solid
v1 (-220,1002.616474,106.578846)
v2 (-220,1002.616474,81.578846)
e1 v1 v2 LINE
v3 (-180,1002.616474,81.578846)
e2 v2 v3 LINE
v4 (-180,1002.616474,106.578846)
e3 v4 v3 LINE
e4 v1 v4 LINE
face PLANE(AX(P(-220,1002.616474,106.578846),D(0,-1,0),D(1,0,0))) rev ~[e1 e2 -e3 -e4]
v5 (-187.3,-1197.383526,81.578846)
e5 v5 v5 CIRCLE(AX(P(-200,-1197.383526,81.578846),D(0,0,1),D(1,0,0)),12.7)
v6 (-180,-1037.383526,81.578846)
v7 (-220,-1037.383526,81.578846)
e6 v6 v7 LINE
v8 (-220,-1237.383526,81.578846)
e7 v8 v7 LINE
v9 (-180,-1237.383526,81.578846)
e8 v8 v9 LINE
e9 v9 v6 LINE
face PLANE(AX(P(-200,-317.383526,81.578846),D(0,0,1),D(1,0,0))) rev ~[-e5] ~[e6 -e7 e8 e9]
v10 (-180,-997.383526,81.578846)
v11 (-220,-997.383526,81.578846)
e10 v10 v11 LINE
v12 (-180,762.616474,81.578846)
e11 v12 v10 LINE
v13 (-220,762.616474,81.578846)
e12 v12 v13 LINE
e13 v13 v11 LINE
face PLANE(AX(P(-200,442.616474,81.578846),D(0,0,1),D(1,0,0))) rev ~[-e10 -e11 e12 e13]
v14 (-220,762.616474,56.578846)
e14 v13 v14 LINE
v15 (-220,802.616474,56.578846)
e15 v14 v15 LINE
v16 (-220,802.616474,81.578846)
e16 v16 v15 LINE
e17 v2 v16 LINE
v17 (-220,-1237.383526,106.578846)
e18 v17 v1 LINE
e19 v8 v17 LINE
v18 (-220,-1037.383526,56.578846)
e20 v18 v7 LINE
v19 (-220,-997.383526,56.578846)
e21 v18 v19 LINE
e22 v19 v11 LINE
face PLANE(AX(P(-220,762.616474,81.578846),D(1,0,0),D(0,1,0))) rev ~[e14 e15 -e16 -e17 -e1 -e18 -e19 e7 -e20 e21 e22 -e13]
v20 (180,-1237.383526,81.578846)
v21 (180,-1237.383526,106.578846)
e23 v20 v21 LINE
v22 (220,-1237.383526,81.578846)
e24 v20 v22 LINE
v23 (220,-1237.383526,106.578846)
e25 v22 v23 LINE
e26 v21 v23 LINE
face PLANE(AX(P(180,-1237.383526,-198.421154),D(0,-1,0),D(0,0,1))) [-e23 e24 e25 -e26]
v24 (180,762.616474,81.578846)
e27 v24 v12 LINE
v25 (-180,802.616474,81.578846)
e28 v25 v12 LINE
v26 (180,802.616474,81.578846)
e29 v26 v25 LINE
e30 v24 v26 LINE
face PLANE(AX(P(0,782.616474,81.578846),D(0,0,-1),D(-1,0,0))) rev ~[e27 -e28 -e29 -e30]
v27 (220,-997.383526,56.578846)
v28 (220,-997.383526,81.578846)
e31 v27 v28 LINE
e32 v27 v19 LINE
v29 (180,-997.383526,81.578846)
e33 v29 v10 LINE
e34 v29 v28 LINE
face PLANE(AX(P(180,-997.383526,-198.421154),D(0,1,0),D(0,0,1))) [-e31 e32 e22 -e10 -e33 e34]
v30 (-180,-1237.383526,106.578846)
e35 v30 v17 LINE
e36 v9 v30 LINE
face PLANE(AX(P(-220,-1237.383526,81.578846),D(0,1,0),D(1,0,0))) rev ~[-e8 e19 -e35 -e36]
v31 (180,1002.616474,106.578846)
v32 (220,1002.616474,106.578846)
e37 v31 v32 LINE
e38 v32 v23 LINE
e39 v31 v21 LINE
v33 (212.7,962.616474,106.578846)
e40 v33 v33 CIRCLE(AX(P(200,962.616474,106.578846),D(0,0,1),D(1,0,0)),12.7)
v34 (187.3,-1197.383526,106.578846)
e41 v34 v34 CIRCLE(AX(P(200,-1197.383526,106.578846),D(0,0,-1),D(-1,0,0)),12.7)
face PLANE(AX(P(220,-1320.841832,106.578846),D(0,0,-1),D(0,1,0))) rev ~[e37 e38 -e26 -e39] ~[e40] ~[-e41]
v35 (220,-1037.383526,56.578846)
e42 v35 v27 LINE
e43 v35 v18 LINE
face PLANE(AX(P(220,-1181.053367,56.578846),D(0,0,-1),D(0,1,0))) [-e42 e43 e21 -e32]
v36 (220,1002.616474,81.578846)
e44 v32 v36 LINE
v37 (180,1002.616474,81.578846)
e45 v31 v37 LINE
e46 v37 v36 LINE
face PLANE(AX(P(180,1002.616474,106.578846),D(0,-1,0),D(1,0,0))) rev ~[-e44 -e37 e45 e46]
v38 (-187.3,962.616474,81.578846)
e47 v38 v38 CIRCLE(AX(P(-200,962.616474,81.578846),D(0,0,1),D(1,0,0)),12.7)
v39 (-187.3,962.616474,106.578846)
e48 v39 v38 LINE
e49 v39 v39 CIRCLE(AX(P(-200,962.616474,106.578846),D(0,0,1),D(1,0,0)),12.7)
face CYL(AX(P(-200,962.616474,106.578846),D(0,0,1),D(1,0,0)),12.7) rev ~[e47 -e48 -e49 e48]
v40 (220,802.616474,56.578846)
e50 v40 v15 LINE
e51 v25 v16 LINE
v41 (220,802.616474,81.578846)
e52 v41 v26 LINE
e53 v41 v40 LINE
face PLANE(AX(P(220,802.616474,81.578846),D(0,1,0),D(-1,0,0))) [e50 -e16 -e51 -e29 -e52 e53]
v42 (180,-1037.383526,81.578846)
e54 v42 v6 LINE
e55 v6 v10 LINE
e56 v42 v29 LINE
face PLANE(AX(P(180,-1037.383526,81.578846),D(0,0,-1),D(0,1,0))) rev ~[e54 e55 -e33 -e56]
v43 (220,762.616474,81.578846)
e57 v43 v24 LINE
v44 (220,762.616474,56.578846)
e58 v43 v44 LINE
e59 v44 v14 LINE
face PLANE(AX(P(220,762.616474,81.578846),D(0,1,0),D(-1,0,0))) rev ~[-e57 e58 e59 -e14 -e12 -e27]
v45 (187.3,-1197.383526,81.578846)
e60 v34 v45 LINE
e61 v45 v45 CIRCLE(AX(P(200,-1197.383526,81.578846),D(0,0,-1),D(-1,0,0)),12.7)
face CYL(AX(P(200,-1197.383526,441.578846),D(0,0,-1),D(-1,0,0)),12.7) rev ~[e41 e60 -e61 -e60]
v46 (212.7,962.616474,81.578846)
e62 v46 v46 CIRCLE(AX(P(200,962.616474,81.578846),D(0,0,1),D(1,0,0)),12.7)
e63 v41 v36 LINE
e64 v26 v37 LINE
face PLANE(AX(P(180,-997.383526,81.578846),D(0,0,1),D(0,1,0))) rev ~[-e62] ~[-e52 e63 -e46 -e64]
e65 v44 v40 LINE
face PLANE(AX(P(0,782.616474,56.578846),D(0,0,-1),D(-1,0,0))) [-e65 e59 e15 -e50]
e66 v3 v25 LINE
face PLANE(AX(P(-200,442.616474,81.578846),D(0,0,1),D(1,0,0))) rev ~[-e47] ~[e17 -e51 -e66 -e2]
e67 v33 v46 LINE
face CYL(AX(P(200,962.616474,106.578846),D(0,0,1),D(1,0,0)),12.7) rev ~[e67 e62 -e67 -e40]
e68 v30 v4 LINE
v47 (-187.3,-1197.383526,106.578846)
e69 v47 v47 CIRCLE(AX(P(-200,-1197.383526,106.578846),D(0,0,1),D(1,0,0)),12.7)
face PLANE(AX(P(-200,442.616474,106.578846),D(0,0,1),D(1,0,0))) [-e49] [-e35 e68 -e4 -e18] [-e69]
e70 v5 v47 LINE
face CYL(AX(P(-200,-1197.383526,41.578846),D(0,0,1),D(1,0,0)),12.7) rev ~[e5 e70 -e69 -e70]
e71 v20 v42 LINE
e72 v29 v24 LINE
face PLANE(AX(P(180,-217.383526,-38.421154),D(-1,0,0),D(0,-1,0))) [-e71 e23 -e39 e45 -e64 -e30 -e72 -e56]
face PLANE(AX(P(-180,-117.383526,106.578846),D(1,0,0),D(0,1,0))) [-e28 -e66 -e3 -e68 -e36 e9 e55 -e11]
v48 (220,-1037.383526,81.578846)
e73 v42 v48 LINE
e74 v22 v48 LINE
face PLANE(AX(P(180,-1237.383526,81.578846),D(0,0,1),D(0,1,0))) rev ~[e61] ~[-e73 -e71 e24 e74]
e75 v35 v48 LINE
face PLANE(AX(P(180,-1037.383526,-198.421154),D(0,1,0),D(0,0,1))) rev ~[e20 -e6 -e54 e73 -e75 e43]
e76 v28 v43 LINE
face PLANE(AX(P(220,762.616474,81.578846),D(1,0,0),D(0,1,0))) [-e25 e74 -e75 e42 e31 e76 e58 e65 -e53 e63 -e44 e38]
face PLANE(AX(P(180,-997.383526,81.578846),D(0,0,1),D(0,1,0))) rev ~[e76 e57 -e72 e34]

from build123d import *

# Parameters (mm, degrees)
SKETCH1_W            = 510
SKETCH1_H            = 80
BOSS_EXTRUDE1_DEPTH  = 10
SKETCH2_W            = 70
SKETCH2_H            = 390
CUT_EXTRUDE1_DEPTH   = 11
SKETCH3_W            = 70
SKETCH3_H            = 50
CUT_EXTRUDE2_DEPTH   = 11
SKETCH4_W            = 70
SKETCH4_H            = 10
BOSS_EXTRUDE2_DEPTH  = 100
SKETCH5_W            = 70
SKETCH5_H            = 50
CUT_EXTRUDE3_DEPTH   = 11
SKETCH6_W            = 70
SKETCH6_H            = 10
BOSS_EXTRUDE3_DEPTH  = 100
SKETCH7_W            = 10
SKETCH7_H            = 460
BOSS_EXTRUDE4_DEPTH  = 10
SKETCH8_W            = 10
SKETCH8_H            = 10
BOSS_EXTRUDE5_DEPTH  = 50
SKETCH9_W            = 90
SKETCH9_H            = 60
CUT_EXTRUDE4_DEPTH   = 61
SKETCH10_W           = 90
SKETCH10_H           = 60
CUT_EXTRUDE5_DEPTH   = 61
HOLE1_D              = 6.35
HOLE1_DEPTH          = 10
HOLE2_D              = 6.35
HOLE2_DEPTH          = 80
SCALE1_SCALE         = 4
SKETCH16_W           = 420.354500644
SKETCH16_H           = 2047.440969125
SKETCH16_W_2         = 504.269615058
SKETCH16_H_2         = 2143.883100275
CUT_EXTRUDE6_DEPTH   = 600
SKETCH17_W           = 706.747089412
SKETCH17_H           = 1090.886123918
CUT_EXTRUDE7_DEPTH   = 100
SKETCH18_W           = 40
SKETCH18_H           = 25
BOSS_EXTRUDE6_DEPTH  = 100
SKETCH20_W           = 40
SKETCH20_H           = 1120
SKETCH20_R           = 12.7
BOSS_EXTRUDE9_DEPTH  = 25
SKETCH21_W           = 440
SKETCH21_H           = 40
BOSS_EXTRUDE10_DEPTH = 25


with BuildPart() as part:
    # Sketch1 → Boss-Extrude1 (new body)
    with BuildSketch(Plane(origin=(45, 0, 0), x_dir=(0, -1, 0), z_dir=(-1, 0, 0))):
        with Locations((217.383525535, 40)):
            Rectangle(SKETCH1_W, SKETCH1_H)
    extrude(amount=-BOSS_EXTRUDE1_DEPTH)

    # Sketch2 → Cut-Extrude1 (cut, through all)
    with BuildSketch(Plane.ZY.offset(-45)):
        with Locations((35, -217.383525535)):
            Rectangle(SKETCH2_W, SKETCH2_H)
    extrude(amount=-CUT_EXTRUDE1_DEPTH, mode=Mode.SUBTRACT)

    # Sketch3 → Cut-Extrude2 (cut, through all)
    with BuildSketch(Plane.ZY.offset(-45)):
        with Locations((35, 12.616474465)):
            Rectangle(SKETCH3_W, SKETCH3_H)
    extrude(amount=-CUT_EXTRUDE2_DEPTH, mode=Mode.SUBTRACT)

    # Sketch4 → Boss-Extrude2 (add)
    with BuildSketch(Plane.ZY.offset(-45)):
        with Locations((35, -17.383525535)):
            Rectangle(SKETCH4_W, SKETCH4_H)
    extrude(amount=BOSS_EXTRUDE2_DEPTH)

    # Sketch5 → Cut-Extrude3 (cut, through all)
    with BuildSketch(Plane.ZY.offset(-45)):
        with Locations((35, -447.383525535)):
            Rectangle(SKETCH5_W, SKETCH5_H)
    extrude(amount=-CUT_EXTRUDE3_DEPTH, mode=Mode.SUBTRACT)

    # Sketch6 → Boss-Extrude3 (add)
    with BuildSketch(Plane.ZY.offset(-45)):
        with Locations((35, -417.383525535)):
            Rectangle(SKETCH6_W, SKETCH6_H)
    extrude(amount=BOSS_EXTRUDE3_DEPTH)

    # Sketch7 → Boss-Extrude4 (add)
    with BuildSketch(Plane.XY.offset(70)):
        with Locations((-50, -242.383525535)):
            Rectangle(SKETCH7_W, SKETCH7_H)
    extrude(amount=BOSS_EXTRUDE4_DEPTH)

    # Sketch8 → Boss-Extrude5 (add)
    with BuildSketch(Plane(origin=(0, -12.383525535, 0), x_dir=(-1, 0, 0), z_dir=(0, 1, 0))):
        with Locations((50, 75)):
            Rectangle(SKETCH8_W, SKETCH8_H)
    extrude(amount=BOSS_EXTRUDE5_DEPTH)

    # Sketch9 → Cut-Extrude4 (cut, through all)
    with BuildSketch(Plane.XZ.offset(22.383525535)):
        with Locations((0, 30)):
            Rectangle(SKETCH9_W, SKETCH9_H)
    extrude(amount=-CUT_EXTRUDE4_DEPTH, mode=Mode.SUBTRACT)

    # Sketch10 → Cut-Extrude5 (cut, through all)
    with BuildSketch(Plane(origin=(0, -412.383525535, 0), x_dir=(-1, 0, 0), z_dir=(0, 1, 0))):
        with Locations((0, 30)):
            Rectangle(SKETCH10_W, SKETCH10_H)
    extrude(amount=-CUT_EXTRUDE5_DEPTH, mode=Mode.SUBTRACT)

    # Hole1
    with Locations(Plane(origin=(0, 0, 70), x_dir=(-1, 0, 0), z_dir=(0, 0, -1))):
        with Locations((-50, 27.616474465), (50, -462.383525535)):
            Hole(HOLE1_D / 2, depth=HOLE1_DEPTH)

    # Hole2
    with Locations(Plane.XY.offset(80)):
        with Locations((50, -462.383525535), (-50, 27.616474465)):
            Hole(HOLE2_D / 2, depth=HOLE2_DEPTH)


with BuildPart() as part_1:
    # Scale1: scaled about (0, -217.383525535, 66.140384571)
    add(part.part.scale(SCALE1_SCALE).moved(Location((0, 652.150576605, -198.421153713))))

    # Sketch16 → Cut-Extrude6 (cut)
    with BuildSketch(Plane(origin=(220, 0, 0), x_dir=(0, 0, -1), z_dir=(1, 0, 0))):
        with Locations((153.598404035, -157.332882586)):
            Rectangle(SKETCH16_W, SKETCH16_H)
        with Locations((-358.713653816, -248.900281802)):
            Rectangle(SKETCH16_W_2, SKETCH16_H_2)
    extrude(amount=-CUT_EXTRUDE6_DEPTH, mode=Mode.SUBTRACT)

    # Sketch17 → Cut-Extrude7 (cut)
    with BuildSketch(Plane.XY.offset(106.578846287)):
        with Locations((133.373544706, 328.059536424)):
            Rectangle(SKETCH17_W, SKETCH17_H)
    extrude(amount=-CUT_EXTRUDE7_DEPTH, mode=Mode.SUBTRACT)

    # Sketch18 → Boss-Extrude6 (add)
    with BuildSketch(Plane(origin=(0, -217.383525535, 0), x_dir=(1, 0, 0), z_dir=(0, 1, 0))):
        with Locations((-200, -94.078846287)):
            Rectangle(SKETCH18_W, SKETCH18_H)
        with Locations((200, -94.078846287)):
            Rectangle(SKETCH18_W, SKETCH18_H)
    extrude(amount=BOSS_EXTRUDE6_DEPTH)

    # Sketch20 → Boss-Extrude9 (add)
    with BuildSketch(Plane.XY.offset(106.578846287)):
        with Locations((-200, 442.616474465)):
            Rectangle(SKETCH20_W, SKETCH20_H)
        with Locations((-200, 962.616474465)):
            Circle(SKETCH20_R, mode=Mode.SUBTRACT)
        with Locations((200, 442.616474465)):
            Rectangle(SKETCH20_W, SKETCH20_H)
        with Locations((200, 962.616474465)):
            Circle(SKETCH20_R, mode=Mode.SUBTRACT)
    extrude(amount=-BOSS_EXTRUDE9_DEPTH)

    # Sketch21 → Boss-Extrude10 (add)
    with BuildSketch(Plane(origin=(0, 0, 81.578846287), x_dir=(-1, 0, 0), z_dir=(0, 0, -1))):
        with Locations((0, 782.616474465)):
            Rectangle(SKETCH21_W, SKETCH21_H)
    extrude(amount=BOSS_EXTRUDE10_DEPTH)


solid = part_1.part
